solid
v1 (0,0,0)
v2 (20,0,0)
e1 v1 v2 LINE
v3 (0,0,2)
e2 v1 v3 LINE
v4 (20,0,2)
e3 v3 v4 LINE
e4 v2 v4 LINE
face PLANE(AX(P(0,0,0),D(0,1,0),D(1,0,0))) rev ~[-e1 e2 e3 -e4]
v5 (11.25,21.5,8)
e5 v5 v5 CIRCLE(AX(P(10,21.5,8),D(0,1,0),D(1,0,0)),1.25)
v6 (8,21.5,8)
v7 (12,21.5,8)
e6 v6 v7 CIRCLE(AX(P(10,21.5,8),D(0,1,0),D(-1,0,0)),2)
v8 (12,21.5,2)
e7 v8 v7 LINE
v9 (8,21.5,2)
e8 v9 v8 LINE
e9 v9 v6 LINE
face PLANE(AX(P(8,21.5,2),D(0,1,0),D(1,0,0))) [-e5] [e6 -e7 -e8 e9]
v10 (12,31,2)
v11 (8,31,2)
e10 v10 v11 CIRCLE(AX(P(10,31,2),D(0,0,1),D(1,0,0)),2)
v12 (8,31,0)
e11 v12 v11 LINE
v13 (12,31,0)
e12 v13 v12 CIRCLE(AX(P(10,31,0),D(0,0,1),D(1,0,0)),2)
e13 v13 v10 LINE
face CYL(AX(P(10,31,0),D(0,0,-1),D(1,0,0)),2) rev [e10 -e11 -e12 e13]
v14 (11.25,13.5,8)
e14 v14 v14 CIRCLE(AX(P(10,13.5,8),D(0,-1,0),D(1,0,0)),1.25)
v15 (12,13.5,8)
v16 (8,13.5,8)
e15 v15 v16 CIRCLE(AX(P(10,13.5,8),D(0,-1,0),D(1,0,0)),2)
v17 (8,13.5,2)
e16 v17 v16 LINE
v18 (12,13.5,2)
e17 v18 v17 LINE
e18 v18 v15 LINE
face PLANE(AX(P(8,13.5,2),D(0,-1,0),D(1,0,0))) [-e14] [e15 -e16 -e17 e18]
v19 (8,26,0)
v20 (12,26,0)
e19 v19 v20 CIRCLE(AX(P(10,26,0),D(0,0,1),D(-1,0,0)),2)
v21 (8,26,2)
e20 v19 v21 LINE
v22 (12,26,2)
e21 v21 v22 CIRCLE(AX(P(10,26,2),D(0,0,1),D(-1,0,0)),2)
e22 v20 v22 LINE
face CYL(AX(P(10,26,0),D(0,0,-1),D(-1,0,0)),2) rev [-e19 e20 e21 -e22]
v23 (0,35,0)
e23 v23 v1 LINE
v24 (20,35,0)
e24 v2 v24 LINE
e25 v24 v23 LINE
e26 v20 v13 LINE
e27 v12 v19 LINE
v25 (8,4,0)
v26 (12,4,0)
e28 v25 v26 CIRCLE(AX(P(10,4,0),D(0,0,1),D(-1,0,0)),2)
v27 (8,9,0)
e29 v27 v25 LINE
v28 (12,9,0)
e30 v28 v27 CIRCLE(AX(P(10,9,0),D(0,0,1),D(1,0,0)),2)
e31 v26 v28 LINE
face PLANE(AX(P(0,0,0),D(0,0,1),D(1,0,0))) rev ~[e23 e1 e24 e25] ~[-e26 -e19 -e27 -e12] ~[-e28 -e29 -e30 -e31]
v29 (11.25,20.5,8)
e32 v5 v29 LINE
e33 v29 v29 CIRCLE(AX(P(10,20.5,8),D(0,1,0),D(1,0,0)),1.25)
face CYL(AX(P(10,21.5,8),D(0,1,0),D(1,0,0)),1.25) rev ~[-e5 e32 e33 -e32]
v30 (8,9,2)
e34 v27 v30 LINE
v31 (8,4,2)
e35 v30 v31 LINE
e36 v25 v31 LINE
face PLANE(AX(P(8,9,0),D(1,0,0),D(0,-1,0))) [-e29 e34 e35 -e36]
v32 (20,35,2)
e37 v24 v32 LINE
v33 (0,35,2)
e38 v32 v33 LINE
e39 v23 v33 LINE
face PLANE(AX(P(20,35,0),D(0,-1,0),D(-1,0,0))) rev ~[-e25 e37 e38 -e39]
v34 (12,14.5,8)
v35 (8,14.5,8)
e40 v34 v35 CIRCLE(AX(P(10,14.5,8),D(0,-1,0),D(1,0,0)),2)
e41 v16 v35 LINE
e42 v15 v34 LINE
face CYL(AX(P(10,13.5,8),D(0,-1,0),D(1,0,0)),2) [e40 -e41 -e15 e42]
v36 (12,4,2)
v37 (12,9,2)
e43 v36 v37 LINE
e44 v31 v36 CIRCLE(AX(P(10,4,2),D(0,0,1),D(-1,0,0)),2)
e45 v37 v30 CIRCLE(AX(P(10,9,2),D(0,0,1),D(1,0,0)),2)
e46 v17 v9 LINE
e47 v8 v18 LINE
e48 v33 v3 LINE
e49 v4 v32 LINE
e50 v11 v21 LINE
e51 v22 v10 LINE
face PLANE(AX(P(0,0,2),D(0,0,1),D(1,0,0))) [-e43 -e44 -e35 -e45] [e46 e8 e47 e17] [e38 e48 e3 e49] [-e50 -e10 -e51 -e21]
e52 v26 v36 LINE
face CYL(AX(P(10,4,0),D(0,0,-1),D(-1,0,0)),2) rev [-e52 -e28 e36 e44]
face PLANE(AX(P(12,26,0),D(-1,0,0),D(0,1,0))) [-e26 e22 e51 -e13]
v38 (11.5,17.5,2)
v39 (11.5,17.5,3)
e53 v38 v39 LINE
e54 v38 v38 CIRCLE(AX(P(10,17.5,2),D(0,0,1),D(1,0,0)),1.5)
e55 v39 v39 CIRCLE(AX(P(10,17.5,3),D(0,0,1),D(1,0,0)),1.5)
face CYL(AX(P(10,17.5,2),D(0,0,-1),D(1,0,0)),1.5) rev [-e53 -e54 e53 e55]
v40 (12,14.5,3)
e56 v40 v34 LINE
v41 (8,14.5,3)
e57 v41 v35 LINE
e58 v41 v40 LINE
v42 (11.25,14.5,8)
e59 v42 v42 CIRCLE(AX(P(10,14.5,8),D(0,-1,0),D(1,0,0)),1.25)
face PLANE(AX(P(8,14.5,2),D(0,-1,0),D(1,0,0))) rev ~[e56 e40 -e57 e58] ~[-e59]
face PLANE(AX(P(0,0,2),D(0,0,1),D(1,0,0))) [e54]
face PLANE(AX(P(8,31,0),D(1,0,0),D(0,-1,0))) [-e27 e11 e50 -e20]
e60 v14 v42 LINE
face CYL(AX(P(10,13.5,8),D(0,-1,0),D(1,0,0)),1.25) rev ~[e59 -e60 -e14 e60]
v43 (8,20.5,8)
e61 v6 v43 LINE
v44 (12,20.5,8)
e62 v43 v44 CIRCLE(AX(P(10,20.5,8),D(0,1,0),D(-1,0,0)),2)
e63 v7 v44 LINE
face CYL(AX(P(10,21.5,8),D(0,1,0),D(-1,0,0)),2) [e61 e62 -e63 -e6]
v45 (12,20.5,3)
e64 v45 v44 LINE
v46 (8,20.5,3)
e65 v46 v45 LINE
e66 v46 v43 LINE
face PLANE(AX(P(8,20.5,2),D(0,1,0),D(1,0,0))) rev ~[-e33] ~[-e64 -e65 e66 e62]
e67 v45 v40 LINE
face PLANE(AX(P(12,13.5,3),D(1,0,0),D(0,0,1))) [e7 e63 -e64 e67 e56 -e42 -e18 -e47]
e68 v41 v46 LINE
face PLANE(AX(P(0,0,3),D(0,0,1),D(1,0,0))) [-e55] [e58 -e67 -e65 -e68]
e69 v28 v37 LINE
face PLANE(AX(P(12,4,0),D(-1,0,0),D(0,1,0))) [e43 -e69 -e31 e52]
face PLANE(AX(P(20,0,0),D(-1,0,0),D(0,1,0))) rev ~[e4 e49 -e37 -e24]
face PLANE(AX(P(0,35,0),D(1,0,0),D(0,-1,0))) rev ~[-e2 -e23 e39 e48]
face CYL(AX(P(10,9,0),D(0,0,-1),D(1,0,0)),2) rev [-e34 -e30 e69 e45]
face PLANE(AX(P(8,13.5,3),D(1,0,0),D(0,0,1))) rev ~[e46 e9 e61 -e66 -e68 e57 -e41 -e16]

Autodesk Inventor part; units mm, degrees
ref_plane "YZ Plane" through (0, 0, 0) normal (1, 0, 0) x (0, 1, 0)
ref_plane "XZ Plane" through (0, 0, 0) normal (0, 1, 0) x (-1, 0, 0)
ref_plane "XY Plane" through (0, 0, 0) normal (0, 0, 1) x (1, 0, 0)
sketch "Boceto1" plane through (0, 0, 0) normal (0, 0, 1) x (1, 0, 0)
  line L0 (0, 0) -> (20, 0)
  line L1 (20, 0) -> (20, 35)
  line L2 (20, 35) -> (0, 35)
  line L3 (0, 35) -> (0, 0)
  line L4 (10, 31) -> (10, 26) construction
  line L5 (8, 31) -> (8, 26)
  line L6 (12, 26) -> (12, 31)
  arc A0 (12, 31) -> (8, 31) centre (10, 31) ccw
  arc A1 (8, 26) -> (12, 26) centre (10, 26) ccw
  line L7 (10, 4) -> (10, 9) construction
  line L8 (12, 4) -> (12, 9)
  line L9 (8, 9) -> (8, 4)
  arc A2 (8, 4) -> (12, 4) centre (10, 4) ccw
  arc A3 (12, 9) -> (8, 9) centre (10, 9) ccw
  point P0 (10, 28.5)
  point P1 (10, 6.5)
  point P2 (10, 33)
  point P3 (10, 2)
  point P4 (10, 11)
  point P5 (10, 24)
  dimension "d0" = 20
  dimension "d1" = 35
  dimension "d2" = 5
  dimension "d3" = 4
  dimension "d4" = 5
  dimension "d5" = 4
  dimension "d6" = 2
  dimension "d7" = 2
  dimension "d8" = 13
extrude "Extrusión1" add sketch "Boceto1" along normal blind 2
sketch "Boceto2" plane through (0, 0, 2) normal (0, 0, 1) x (1, 0, 0)
  line L0 (8, 26) -> (8, 31) projected
  line L1 (12, 31) -> (12, 26) projected
  line L2 (8, 21.5) -> (12, 21.5)
  line L3 (12, 21.5) -> (12, 13.5)
  line L4 (12, 13.5) -> (8, 13.5)
  line L5 (8, 13.5) -> (8, 21.5)
  arc A0 (8, 26) -> (12, 26) centre (10, 26) ccw projected
  arc A1 (12, 9) -> (8, 9) centre (10, 9) ccw projected
  circle A2 centre (10, 17.5) radius 1.5
  point P0 (0, 0)
  point P1 (10, 21.5)
  point P2 (10, 24)
  point P3 (10, 13.5)
  point P4 (10, 11)
  dimension "d11" = 4
  dimension "d12" = 8
  dimension "d13" = 2.5
  dimension "d15" = 3
extrude "Extrusión2" add sketch "Boceto2" along normal blind 1
sketch "Boceto3" plane through (8, 21.5, 2) normal (0, 1, 0) x (1, 0, 0)
  line L0 (0, -1) -> (0, -6)
  line L1 (4, -1) -> (4, -6)
  arc A0 (0, -6) -> (4, -6) centre (2, -6) ccw
  circle A1 centre (2, -6) radius 1.25
  line L2 (0, -1) -> (4, -1) projected
  line L3 (0, -1) -> (4, -1)
  point P0 (-8, 2)
  dimension "d18" = 5
  dimension "d19" = 5
  dimension "d20" = 2
  dimension "d21" = 2.5
extrude "Extrusión3" add sketch "Boceto3" against normal blind 1
sketch "Boceto4" plane through (8, 13.5, 2) normal (0, -1, 0) x (1, 0, 0)
  line L0 (0, 0) -> (0, 6) projected
  line L1 (0, 1) -> (0, 6)
  line L2 (4, 0) -> (4, 1) projected
  line L3 (4, 1) -> (4, 6) projected
  line L4 (4, 1) -> (4, 6)
  arc A0 (4, 6) -> (0, 6) centre (2, 6) ccw
  circle A1 centre (2, 6) radius 1.25
  line L5 (0, 1) -> (4, 1) projected
  line L6 (0, 1) -> (4, 1)
  point P0 (-8, -2)
  dimension "d25" = 2.5
extrude "Extrusión4" add sketch "Boceto4" against normal blind 1
properties part number "soporte_polea"
